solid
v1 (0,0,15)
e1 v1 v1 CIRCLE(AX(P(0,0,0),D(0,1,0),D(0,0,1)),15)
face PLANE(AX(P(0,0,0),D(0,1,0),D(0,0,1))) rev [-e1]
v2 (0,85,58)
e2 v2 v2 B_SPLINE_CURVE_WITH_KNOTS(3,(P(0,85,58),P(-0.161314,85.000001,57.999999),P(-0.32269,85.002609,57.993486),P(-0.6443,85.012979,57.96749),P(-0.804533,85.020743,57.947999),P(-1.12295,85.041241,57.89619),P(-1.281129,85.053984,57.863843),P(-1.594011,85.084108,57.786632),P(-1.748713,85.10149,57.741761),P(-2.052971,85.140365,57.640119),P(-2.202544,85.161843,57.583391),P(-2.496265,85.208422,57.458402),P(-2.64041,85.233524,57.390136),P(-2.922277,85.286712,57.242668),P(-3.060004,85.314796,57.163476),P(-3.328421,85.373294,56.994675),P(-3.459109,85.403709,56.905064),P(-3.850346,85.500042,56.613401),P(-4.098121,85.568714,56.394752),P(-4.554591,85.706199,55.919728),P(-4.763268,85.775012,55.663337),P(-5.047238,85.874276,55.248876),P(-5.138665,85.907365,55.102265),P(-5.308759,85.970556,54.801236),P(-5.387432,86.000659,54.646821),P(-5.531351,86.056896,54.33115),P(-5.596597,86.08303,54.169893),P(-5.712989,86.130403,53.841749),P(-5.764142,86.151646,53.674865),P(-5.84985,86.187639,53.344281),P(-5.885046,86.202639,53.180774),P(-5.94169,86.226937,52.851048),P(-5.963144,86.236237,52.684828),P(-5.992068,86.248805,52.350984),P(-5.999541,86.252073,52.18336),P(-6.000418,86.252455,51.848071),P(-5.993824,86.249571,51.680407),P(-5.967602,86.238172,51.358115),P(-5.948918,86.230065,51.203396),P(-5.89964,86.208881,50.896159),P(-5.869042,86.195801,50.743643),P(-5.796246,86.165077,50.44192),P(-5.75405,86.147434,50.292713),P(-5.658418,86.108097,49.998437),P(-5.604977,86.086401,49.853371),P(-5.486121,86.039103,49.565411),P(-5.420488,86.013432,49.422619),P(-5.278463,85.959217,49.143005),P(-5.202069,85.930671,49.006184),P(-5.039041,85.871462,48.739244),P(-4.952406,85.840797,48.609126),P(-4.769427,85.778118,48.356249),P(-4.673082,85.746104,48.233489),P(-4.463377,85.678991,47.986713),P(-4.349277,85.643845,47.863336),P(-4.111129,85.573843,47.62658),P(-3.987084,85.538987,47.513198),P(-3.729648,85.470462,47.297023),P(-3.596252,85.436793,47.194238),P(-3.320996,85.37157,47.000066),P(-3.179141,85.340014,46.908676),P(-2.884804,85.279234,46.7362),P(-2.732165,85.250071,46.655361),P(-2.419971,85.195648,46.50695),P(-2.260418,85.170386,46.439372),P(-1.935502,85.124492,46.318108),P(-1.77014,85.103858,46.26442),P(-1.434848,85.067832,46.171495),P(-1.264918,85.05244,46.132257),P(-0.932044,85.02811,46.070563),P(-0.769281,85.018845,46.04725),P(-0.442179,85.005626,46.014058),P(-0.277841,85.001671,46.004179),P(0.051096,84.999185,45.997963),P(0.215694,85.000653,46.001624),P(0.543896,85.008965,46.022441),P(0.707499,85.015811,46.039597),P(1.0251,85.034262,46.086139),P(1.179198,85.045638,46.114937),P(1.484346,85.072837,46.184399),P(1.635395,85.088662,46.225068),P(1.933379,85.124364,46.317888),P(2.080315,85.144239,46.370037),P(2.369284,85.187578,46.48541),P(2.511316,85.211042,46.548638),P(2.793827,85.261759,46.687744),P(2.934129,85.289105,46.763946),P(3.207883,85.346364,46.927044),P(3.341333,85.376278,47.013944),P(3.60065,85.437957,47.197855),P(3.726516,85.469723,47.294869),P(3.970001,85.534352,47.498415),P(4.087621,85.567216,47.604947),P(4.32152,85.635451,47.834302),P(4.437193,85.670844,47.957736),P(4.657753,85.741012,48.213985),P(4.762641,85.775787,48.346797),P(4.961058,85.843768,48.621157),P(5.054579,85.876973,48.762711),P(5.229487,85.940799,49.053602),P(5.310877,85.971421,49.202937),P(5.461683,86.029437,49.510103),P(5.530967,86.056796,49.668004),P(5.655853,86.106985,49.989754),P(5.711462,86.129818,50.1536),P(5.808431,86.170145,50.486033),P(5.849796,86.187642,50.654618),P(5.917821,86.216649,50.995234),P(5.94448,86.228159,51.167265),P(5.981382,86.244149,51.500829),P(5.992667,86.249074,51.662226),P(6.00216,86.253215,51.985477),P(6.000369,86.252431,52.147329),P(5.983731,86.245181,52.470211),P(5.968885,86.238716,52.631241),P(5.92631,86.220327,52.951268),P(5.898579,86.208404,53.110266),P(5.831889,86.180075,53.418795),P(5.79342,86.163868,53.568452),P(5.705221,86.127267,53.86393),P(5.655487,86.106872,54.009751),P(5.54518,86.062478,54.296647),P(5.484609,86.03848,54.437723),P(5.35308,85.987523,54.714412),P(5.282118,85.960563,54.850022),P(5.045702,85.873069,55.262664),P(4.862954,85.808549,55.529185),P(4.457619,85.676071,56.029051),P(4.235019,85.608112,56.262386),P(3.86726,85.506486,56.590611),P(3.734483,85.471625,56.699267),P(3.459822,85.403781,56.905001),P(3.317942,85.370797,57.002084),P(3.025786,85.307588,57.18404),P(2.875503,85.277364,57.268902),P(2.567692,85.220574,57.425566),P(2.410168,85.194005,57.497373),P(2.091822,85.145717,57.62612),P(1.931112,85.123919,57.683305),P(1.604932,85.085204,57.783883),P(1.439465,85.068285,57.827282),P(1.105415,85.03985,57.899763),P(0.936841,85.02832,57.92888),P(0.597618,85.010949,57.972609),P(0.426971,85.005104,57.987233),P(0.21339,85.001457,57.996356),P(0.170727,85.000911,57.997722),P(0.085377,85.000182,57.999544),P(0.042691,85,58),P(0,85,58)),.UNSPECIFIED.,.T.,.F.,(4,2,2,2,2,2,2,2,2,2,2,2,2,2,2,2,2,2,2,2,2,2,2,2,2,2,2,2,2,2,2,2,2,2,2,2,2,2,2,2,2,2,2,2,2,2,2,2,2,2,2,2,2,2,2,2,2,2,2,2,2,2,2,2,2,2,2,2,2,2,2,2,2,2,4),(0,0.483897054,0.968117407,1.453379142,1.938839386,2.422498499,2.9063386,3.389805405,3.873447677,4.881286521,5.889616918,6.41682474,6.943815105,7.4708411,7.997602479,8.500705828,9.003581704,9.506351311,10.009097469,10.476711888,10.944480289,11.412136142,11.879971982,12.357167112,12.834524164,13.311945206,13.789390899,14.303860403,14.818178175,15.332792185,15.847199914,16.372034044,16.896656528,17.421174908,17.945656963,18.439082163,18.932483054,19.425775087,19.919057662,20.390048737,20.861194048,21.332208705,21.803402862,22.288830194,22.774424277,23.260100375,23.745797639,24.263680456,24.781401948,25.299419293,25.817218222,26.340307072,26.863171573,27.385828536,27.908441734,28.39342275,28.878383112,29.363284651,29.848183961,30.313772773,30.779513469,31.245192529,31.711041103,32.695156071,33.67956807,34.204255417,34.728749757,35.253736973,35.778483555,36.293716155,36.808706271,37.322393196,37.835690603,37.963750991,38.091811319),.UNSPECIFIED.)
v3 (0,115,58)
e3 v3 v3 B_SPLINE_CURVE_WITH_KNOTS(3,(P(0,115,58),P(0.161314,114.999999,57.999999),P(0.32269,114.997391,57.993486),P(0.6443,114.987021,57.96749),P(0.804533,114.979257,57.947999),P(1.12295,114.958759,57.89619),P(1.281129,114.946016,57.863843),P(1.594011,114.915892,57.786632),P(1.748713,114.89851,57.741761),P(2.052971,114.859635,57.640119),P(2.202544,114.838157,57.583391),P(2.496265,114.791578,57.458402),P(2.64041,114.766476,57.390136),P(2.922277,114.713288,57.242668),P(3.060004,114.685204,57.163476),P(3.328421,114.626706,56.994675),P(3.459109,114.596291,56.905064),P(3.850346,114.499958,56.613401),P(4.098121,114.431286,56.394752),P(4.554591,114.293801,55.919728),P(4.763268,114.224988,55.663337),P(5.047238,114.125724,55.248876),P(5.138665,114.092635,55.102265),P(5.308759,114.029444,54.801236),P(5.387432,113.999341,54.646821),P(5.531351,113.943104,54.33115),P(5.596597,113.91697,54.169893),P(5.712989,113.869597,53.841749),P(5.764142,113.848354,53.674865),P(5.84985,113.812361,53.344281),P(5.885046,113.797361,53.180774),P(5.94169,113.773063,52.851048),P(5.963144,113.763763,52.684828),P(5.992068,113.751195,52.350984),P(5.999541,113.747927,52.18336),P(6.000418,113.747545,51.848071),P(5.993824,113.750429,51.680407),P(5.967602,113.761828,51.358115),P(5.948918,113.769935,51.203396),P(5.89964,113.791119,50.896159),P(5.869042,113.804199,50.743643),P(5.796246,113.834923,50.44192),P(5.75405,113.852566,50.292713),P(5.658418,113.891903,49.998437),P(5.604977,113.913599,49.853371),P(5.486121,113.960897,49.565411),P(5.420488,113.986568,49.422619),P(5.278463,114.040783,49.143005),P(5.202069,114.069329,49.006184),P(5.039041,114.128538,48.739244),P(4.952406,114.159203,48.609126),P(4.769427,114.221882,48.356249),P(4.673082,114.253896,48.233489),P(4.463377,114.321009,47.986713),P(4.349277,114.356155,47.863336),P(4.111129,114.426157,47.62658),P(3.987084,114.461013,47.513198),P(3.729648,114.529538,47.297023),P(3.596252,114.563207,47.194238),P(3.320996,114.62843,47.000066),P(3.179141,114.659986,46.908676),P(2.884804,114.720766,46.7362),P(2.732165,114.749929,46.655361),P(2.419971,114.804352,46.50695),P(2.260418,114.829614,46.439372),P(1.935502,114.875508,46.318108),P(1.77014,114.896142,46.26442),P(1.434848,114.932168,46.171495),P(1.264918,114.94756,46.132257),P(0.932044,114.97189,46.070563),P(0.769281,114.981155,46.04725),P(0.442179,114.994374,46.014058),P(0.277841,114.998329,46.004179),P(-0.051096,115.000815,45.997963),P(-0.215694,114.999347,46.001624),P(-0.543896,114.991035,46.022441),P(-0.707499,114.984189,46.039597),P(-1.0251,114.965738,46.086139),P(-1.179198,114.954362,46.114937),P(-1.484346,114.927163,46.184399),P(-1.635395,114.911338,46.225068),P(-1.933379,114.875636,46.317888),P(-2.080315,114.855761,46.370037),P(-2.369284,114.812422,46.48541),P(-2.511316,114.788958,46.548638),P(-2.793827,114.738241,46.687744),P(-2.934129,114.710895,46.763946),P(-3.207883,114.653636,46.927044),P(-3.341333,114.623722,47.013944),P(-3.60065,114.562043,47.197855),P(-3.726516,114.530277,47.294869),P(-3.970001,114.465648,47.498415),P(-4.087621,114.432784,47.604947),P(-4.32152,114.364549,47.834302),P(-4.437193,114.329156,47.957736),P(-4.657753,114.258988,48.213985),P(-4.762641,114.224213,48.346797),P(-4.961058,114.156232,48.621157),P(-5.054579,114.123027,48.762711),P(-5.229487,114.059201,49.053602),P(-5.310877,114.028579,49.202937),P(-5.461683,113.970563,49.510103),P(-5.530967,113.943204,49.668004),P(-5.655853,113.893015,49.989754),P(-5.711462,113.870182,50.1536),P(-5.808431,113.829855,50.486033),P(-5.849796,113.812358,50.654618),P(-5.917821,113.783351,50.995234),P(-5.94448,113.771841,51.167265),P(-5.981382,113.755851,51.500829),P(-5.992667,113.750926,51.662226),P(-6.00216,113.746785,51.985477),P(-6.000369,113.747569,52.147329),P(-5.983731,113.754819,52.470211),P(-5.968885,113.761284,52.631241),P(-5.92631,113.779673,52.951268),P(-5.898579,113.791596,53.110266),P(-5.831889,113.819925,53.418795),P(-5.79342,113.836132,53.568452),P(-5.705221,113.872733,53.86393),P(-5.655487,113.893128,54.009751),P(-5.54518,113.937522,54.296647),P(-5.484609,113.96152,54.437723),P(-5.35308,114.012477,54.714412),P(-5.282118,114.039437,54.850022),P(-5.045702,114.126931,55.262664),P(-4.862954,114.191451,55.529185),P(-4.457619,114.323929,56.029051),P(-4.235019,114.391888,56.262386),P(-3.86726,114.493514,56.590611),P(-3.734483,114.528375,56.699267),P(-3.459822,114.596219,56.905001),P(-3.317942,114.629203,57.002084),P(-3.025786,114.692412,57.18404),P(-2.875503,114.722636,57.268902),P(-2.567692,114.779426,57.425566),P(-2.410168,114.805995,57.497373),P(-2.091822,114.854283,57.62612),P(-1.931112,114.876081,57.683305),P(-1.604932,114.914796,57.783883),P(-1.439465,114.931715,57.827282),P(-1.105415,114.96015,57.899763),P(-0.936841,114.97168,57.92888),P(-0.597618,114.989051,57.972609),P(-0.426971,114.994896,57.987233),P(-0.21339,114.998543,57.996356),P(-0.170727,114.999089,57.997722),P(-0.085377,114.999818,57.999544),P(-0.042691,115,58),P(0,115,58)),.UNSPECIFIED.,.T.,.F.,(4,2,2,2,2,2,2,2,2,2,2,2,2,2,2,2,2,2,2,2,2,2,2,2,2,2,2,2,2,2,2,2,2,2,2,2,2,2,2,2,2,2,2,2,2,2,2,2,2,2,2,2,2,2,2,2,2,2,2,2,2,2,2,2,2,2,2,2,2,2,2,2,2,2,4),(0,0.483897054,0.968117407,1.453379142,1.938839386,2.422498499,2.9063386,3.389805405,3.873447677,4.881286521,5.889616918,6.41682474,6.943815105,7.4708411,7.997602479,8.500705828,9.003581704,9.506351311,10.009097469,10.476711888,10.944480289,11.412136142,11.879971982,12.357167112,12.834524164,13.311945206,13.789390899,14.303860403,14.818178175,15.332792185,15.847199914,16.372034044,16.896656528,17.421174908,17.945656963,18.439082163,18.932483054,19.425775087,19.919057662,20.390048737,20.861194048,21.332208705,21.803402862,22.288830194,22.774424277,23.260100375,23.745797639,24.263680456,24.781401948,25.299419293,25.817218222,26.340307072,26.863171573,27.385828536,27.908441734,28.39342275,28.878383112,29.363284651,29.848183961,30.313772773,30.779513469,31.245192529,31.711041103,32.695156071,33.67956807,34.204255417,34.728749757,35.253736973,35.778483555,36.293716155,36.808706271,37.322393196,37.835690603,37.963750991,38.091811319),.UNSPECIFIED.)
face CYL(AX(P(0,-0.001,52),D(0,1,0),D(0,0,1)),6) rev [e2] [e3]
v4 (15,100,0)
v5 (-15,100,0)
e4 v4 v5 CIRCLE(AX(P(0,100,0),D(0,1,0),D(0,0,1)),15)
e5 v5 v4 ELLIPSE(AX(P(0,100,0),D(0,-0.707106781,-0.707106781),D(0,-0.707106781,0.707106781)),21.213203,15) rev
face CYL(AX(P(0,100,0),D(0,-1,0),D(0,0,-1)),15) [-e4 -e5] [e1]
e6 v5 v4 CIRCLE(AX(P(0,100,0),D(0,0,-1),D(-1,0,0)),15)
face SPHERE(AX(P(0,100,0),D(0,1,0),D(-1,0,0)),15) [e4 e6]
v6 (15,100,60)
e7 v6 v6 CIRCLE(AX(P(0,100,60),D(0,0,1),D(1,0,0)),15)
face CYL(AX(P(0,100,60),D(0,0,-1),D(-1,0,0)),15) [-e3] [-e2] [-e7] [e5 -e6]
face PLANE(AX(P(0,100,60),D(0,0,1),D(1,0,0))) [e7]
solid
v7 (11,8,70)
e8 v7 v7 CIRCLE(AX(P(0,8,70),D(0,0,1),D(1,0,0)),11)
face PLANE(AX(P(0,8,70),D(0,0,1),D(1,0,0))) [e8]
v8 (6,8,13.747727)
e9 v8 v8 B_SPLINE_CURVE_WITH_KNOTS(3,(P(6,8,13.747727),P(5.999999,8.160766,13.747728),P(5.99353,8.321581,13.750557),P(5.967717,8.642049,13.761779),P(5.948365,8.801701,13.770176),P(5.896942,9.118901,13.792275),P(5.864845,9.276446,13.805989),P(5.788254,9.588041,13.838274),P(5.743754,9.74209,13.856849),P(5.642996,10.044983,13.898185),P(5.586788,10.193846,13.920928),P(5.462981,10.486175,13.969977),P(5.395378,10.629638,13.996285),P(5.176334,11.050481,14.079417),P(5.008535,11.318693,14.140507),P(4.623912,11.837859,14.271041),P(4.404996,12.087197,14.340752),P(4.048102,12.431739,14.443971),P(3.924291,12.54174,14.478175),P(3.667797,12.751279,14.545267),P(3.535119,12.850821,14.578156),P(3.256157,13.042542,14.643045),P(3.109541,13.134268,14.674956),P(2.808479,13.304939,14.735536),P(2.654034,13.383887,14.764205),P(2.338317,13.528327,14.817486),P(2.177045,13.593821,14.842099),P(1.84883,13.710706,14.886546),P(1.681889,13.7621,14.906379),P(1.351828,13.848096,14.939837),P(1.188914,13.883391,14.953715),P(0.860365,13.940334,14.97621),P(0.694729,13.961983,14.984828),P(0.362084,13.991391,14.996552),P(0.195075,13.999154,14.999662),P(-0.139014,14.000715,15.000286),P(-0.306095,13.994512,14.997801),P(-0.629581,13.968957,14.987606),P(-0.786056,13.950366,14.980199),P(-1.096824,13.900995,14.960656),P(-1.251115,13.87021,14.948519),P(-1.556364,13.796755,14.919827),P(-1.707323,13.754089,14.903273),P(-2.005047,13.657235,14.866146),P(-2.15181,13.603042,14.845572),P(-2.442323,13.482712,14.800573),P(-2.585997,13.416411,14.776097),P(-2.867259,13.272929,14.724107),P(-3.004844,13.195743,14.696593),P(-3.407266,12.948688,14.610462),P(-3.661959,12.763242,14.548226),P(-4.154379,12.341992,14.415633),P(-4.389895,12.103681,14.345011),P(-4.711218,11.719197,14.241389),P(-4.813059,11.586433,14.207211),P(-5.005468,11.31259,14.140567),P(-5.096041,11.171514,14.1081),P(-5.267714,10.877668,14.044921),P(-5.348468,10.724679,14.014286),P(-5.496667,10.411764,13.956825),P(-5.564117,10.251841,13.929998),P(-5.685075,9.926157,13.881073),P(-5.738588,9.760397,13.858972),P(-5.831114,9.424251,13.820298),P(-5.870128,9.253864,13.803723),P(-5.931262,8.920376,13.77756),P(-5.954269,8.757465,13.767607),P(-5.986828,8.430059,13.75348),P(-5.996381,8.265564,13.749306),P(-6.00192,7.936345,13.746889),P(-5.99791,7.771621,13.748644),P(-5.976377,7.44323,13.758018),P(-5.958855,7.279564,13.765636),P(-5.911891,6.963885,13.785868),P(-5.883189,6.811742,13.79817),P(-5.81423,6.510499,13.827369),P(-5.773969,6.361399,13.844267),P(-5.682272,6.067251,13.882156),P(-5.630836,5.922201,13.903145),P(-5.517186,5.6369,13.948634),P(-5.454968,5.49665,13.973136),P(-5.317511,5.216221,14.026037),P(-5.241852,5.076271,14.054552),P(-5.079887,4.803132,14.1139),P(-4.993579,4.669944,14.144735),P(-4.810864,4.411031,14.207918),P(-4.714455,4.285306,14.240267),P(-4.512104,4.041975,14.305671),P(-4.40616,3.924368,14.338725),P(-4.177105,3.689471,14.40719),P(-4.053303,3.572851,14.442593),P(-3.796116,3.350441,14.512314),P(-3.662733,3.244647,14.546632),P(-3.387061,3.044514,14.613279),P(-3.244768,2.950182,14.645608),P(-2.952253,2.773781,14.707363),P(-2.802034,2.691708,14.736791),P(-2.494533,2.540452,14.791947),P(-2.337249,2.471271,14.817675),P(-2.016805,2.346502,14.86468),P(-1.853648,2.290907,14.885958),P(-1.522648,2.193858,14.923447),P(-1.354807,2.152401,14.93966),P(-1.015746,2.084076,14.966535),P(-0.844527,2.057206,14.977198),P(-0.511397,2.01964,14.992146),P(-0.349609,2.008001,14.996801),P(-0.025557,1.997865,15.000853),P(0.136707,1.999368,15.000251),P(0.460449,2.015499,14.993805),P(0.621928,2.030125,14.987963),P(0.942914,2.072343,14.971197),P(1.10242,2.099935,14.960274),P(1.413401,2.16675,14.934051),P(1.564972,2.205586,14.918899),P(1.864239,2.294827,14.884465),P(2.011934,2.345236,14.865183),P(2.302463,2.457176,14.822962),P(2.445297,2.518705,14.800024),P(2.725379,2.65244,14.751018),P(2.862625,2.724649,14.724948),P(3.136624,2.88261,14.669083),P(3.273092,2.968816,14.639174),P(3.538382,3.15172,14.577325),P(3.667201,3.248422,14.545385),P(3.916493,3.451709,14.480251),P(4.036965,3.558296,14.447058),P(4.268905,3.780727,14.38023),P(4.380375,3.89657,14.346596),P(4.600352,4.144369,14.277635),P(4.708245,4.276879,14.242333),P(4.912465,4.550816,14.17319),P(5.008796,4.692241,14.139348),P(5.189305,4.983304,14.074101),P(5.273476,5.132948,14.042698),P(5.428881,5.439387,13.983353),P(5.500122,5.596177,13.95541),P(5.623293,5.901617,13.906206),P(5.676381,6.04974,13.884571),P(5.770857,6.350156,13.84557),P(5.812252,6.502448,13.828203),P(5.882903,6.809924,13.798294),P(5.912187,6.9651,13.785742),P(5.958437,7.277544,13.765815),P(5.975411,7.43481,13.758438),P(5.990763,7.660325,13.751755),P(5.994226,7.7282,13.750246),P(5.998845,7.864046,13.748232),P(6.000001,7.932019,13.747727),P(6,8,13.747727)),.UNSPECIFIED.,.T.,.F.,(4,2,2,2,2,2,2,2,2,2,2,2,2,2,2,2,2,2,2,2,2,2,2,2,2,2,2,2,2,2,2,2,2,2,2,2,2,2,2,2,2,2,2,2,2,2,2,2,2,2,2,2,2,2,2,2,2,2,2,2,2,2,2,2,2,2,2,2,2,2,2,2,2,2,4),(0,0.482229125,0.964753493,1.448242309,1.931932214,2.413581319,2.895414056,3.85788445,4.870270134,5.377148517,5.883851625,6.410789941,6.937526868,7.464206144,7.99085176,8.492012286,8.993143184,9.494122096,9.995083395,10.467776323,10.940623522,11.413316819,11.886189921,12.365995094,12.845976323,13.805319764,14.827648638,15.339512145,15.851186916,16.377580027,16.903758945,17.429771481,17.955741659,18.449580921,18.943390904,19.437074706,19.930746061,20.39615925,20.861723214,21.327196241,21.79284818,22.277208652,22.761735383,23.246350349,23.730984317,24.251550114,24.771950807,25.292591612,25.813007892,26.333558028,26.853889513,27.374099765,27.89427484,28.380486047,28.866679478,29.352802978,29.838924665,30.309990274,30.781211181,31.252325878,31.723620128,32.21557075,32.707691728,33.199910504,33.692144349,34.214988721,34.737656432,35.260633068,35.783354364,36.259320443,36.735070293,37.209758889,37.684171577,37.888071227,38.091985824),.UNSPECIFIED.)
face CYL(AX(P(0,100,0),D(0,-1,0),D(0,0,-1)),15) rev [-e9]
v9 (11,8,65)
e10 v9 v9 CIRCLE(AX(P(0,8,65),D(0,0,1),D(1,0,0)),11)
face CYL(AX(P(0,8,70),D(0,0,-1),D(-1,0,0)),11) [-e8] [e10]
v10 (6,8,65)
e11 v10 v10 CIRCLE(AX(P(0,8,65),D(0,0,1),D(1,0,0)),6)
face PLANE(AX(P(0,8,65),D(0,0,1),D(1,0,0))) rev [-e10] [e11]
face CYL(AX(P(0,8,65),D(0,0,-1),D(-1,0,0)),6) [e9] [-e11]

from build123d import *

# Parameters (mm, degrees)
SKETCH1_R                            = 15
BOSS_EXTRUDE1_DEPTH                  = 100
SKETCH2_R                            = 6
BOSS_EXTRUDE2_DEPTH                  = 50
BOSS_EXTRUDE2_DIRECTION_2_REACH      = 107.475
BOSS_EXTRUDE2_DIRECTION_2_END_RADIUS = 15
REVOLVE1_ANGLE                       = 180
SKETCH4_R                            = 15
BOSS_EXTRUDE3_DEPTH                  = 60
SKETCH5_R                            = 6
CUT_EXTRUDE1_DEPTH                   = 30
SKETCH6_R                            = 11
BOSS_EXTRUDE4_DEPTH                  = 5


with BuildPart() as part:
    # Sketch1 → Boss-Extrude1 (new body)
    with BuildSketch(Plane(origin=(0, 0, 0), x_dir=(1, 0, 0), z_dir=(0, 1, 0))):
        with Locations(Location((0, 0, 0), (0, 0, 270))):
            Circle(SKETCH1_R)
    extrude(amount=BOSS_EXTRUDE1_DEPTH)

    # Sketch3 → Revolve1 (revolve)
    with BuildSketch(Plane.XY):
        with BuildLine():
            Line((0, 100), (0, 115))
            ThreePointArc((0, 115), (-10.606601718, 110.606601718), (-15, 100))
            Line((-15, 100), (0, 100))
        make_face()
    revolve(axis=Axis((0, 100, 0), (0, -1, 0)), revolution_arc=REVOLVE1_ANGLE)

    # Sketch4 → Boss-Extrude3 (add)
    with BuildSketch(Plane.XY):
        with Locations((0, 100)):
            Circle(SKETCH4_R)
    extrude(amount=BOSS_EXTRUDE3_DEPTH)

    # Sketch5 → Cut-Extrude1 (cut)
    with BuildSketch(Plane(origin=(0, 115, 0), x_dir=(1, 0, 0), z_dir=(0, 1, 0))):
        with Locations(Location((0, -52, 0), (0, 0, 270))):
            Circle(SKETCH5_R)
    extrude(amount=-CUT_EXTRUDE1_DEPTH, mode=Mode.SUBTRACT)


with BuildPart() as body_2:
    # Sketch2 → Boss-Extrude2 (new body)
    with BuildSketch(Plane.XY.offset(15)):
        with Locations((0, 8)):
            Circle(SKETCH2_R)
    extrude(amount=BOSS_EXTRUDE2_DEPTH)

    # Boss-Extrude2 direction 2: up to this cylinder (the profile starts outside it)
    boss_extrude2_direction_2_end = Plane(origin=(0, 8, 0), z_dir=(0, -1, 0)) * Cylinder(BOSS_EXTRUDE2_DIRECTION_2_END_RADIUS, 245.95, mode=Mode.PRIVATE)
    # Sketch2 → Boss-Extrude2 direction 2 (add, up to the surface)
    with BuildSketch(Plane.XY.offset(15), mode=Mode.PRIVATE) as boss_extrude2_direction_2_sk1:
        with Locations((0, 8)):
            Circle(SKETCH2_R)
    boss_extrude2_direction_2_tool1 = extrude(boss_extrude2_direction_2_sk1.sketch, amount=-BOSS_EXTRUDE2_DIRECTION_2_REACH, mode=Mode.PRIVATE) - boss_extrude2_direction_2_end
    add(boss_extrude2_direction_2_tool1.solids().sort_by_distance((0, 8, 15))[0])
    add(boss_extrude2_direction_2_tool1.solids().sort_by_distance((0, 8, 15))[1])

    # Sketch6 → Boss-Extrude4 (add)
    with BuildSketch(Plane.XY.offset(65)):
        with Locations((0, 8)):
            Circle(SKETCH6_R)
    extrude(amount=BOSS_EXTRUDE4_DEPTH)


solid = Compound([part.part, body_2.part])
